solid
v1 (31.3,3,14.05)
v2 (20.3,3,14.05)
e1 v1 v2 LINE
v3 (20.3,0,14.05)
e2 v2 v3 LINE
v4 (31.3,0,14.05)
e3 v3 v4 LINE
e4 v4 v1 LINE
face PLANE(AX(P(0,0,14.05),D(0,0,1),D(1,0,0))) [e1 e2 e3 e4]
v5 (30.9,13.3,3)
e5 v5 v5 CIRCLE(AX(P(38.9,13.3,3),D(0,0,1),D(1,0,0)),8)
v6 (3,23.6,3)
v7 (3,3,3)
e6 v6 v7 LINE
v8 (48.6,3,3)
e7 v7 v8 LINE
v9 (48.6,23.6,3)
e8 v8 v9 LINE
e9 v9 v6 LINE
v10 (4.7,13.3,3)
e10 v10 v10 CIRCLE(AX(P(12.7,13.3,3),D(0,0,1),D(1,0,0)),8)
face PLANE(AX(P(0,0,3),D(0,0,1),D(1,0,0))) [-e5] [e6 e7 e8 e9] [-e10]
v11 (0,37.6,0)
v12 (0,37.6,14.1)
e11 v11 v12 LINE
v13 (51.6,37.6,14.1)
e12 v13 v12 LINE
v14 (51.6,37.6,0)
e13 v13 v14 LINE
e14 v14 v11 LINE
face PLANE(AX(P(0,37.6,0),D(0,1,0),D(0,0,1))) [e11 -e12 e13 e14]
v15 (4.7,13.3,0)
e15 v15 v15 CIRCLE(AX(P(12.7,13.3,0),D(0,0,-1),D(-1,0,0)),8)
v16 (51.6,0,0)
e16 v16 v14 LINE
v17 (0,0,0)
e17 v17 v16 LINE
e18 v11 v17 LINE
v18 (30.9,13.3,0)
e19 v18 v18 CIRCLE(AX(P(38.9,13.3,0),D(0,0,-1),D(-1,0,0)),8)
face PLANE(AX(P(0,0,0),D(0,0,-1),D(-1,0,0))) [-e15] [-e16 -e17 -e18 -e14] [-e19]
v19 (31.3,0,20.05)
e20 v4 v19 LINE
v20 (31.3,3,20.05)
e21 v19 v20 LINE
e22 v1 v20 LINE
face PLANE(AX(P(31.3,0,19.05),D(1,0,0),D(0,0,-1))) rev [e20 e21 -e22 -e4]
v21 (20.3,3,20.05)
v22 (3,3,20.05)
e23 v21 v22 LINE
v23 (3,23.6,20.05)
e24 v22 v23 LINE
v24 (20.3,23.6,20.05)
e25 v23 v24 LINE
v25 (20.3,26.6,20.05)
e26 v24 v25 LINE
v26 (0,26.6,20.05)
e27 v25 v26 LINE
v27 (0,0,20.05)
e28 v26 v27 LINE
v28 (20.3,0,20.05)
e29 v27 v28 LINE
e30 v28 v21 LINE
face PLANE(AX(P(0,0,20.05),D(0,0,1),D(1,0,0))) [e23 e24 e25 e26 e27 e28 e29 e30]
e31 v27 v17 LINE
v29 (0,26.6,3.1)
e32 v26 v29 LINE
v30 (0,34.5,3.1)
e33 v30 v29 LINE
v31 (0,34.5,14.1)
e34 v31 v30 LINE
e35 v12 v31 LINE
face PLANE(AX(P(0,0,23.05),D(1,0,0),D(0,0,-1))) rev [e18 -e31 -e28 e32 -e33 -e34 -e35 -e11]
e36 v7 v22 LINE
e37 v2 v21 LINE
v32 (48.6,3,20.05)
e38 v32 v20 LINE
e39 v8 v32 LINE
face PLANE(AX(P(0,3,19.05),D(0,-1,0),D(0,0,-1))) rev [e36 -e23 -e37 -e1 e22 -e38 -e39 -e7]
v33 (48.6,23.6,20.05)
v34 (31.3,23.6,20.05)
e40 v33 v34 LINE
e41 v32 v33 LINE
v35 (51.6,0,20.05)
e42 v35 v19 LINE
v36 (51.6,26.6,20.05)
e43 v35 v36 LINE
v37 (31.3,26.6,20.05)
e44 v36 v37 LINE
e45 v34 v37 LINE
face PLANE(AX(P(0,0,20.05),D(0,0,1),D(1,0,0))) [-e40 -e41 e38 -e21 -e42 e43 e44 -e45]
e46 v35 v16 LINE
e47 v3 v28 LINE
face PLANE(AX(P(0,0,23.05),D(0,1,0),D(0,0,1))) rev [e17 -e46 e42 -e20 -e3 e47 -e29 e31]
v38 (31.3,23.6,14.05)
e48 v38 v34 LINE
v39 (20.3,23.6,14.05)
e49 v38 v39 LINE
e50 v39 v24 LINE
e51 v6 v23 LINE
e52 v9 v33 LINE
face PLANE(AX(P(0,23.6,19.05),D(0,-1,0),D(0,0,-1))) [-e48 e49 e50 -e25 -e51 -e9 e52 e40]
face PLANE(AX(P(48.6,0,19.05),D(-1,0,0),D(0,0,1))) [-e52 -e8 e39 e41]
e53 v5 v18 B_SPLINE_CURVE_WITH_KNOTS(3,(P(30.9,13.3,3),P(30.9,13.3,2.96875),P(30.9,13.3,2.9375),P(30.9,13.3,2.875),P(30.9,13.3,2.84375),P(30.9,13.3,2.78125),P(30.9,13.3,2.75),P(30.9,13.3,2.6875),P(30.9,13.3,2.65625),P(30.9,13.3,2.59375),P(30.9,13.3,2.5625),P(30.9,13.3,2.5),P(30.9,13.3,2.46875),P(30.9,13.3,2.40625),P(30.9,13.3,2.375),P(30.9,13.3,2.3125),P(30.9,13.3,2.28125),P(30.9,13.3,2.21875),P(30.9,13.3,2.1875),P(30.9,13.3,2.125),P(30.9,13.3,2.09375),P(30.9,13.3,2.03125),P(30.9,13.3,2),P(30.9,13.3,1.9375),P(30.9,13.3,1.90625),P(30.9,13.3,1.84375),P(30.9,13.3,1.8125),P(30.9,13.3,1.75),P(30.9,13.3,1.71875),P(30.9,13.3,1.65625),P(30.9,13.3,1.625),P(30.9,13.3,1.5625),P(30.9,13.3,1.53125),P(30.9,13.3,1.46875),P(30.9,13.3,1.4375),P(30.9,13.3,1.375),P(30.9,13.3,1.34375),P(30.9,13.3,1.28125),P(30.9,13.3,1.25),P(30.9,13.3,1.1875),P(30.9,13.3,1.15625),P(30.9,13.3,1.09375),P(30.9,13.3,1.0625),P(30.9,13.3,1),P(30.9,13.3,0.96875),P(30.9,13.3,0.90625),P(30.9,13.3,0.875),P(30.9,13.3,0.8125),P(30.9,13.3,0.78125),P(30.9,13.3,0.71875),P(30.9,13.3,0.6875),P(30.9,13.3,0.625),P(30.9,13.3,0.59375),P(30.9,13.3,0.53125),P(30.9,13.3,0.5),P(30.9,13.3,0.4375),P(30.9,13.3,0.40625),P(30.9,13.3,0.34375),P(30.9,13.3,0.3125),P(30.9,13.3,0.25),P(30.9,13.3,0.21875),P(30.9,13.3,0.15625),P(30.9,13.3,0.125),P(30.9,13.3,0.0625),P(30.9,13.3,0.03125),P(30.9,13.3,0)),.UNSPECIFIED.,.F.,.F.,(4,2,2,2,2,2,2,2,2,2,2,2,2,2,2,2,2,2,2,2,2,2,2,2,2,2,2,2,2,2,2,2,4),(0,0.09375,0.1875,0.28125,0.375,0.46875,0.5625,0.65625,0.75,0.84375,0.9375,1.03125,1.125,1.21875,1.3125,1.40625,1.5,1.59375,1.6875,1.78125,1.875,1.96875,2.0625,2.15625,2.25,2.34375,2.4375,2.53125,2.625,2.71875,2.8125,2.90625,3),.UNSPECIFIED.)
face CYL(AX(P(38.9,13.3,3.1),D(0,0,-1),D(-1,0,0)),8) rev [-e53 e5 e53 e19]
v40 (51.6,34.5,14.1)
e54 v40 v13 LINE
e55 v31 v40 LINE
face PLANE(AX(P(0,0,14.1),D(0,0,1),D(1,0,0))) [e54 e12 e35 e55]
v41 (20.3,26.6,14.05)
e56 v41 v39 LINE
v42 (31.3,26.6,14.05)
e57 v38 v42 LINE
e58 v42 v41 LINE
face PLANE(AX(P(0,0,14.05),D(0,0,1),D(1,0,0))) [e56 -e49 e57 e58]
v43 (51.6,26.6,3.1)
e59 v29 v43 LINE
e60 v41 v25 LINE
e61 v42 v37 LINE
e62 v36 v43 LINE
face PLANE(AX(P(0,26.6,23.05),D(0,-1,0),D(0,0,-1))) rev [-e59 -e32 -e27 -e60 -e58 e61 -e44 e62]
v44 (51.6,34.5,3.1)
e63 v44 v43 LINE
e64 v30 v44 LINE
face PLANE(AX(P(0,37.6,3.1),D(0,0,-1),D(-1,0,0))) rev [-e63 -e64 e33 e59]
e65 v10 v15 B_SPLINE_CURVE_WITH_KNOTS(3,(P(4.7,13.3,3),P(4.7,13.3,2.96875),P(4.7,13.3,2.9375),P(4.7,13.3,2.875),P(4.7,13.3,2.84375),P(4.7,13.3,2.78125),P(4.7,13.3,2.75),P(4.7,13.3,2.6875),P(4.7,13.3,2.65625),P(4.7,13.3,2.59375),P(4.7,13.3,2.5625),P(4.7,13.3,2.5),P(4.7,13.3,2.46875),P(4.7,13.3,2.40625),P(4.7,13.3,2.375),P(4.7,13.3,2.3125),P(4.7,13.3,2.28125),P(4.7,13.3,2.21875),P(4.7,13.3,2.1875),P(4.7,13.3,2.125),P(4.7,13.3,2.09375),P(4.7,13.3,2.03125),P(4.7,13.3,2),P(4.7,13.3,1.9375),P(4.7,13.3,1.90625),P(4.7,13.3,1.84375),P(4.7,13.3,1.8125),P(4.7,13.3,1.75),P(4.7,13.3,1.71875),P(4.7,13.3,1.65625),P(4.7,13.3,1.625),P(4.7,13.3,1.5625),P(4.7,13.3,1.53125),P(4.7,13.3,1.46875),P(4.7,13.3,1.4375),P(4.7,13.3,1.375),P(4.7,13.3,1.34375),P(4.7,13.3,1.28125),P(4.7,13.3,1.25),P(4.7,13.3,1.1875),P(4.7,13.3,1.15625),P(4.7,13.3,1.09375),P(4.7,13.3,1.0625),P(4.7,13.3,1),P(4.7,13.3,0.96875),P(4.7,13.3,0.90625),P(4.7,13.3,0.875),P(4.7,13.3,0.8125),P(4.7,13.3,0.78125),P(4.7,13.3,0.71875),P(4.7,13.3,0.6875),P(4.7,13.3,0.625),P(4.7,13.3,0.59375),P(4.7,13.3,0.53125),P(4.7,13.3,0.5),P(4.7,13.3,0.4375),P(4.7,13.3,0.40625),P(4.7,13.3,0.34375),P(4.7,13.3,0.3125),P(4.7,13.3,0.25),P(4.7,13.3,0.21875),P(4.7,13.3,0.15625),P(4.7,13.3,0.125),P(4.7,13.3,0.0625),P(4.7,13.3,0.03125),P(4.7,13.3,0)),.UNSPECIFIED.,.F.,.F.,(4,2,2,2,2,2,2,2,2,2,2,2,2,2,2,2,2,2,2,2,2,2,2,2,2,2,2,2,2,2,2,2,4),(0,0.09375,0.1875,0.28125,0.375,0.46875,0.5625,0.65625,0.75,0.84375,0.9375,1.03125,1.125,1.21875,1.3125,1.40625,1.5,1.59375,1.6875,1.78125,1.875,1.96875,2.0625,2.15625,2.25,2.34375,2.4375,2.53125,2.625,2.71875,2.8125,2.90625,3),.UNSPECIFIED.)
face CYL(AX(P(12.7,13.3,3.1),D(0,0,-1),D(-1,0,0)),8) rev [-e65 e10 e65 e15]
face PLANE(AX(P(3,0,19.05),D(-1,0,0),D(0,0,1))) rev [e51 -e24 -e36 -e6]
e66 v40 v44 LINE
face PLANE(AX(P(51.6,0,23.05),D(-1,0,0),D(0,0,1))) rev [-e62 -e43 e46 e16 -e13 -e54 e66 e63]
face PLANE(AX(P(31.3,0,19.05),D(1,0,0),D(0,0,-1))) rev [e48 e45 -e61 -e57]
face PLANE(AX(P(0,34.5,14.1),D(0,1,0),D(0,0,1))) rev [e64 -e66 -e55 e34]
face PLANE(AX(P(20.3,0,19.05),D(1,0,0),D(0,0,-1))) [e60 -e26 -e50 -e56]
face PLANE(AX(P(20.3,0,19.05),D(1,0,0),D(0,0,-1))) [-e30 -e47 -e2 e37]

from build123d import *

# Parameters (mm, degrees)
SKETCH1_W           = 51.6
SKETCH1_H           = 26.6
BOSS_EXTRUDE1_DEPTH = 23.05
CUT_EXTRUDE1_DEPTH  = 4
SKETCH3_W           = 45.6
SKETCH3_H           = 20.6
CUT_EXTRUDE2_DEPTH  = 16.05
SKETCH4_R           = 8
CUT_EXTRUDE3_DEPTH  = 3.1
SKETCH6_W           = 51.6
SKETCH6_H           = 3.1
BOSS_EXTRUDE2_DEPTH = 11
SKETCH7_W           = 51.6
SKETCH7_H           = 3.1
BOSS_EXTRUDE3_DEPTH = 11
SKETCH8_W           = 11
SKETCH8_H           = 26.6
CUT_EXTRUDE4_DEPTH  = 5
SKETCH9_W           = 51.6
SKETCH9_H           = 26.6
CUT_EXTRUDE5_DEPTH  = 5
BOSS_EXTRUDE4_DEPTH = 2


with BuildPart() as part:
    # Sketch1 → Boss-Extrude1 (new body)
    with BuildSketch(Plane.XY):
        with Locations((25.8, 13.3)):
            Rectangle(SKETCH1_W, SKETCH1_H)
    extrude(amount=BOSS_EXTRUDE1_DEPTH)

    # Sketch2 → Cut-Extrude1 (cut)
    with BuildSketch(Plane.XY.offset(23.05)):
        Polygon((20.3, 3), (20.3, 0), (31.3, 0), (31.3, 3), (48.6, 3), (48.6, 23.6), (31.3, 23.6), (31.3, 26.6), (20.3, 26.6), (20.3, 23.6), (3, 23.6), (3, 3), align=None)
    extrude(amount=-CUT_EXTRUDE1_DEPTH, mode=Mode.SUBTRACT)

    # Sketch3 → Cut-Extrude2 (cut)
    with BuildSketch(Plane.XY.offset(19.05)):
        with Locations((25.8, 13.3)):
            Rectangle(SKETCH3_W, SKETCH3_H)
    extrude(amount=-CUT_EXTRUDE2_DEPTH, mode=Mode.SUBTRACT)

    # Sketch4 → Cut-Extrude3 (cut)
    with BuildSketch(Plane(origin=(0, 0, 0), x_dir=(-1, 0, 0), z_dir=(0, 0, -1))):
        with Locations((-12.7, 13.3)):
            Circle(SKETCH4_R)
        with Locations((-38.9, 13.3)):
            Circle(SKETCH4_R)
    extrude(amount=-CUT_EXTRUDE3_DEPTH, mode=Mode.SUBTRACT)

    # Sketch6 → Boss-Extrude2 (add)
    with BuildSketch(Plane(origin=(0, 26.6, 0), x_dir=(1, 0, 0), z_dir=(0, 1, 0))):
        with Locations((25.8, -1.55)):
            Rectangle(SKETCH6_W, SKETCH6_H)
    extrude(amount=BOSS_EXTRUDE2_DEPTH)

    # Sketch7 → Boss-Extrude3 (add)
    with BuildSketch(Plane.XY.offset(3.1)):
        with Locations((25.8, 36.05)):
            Rectangle(SKETCH7_W, SKETCH7_H)
    extrude(amount=BOSS_EXTRUDE3_DEPTH)

    # Sketch8 → Cut-Extrude4 (cut)
    with BuildSketch(Plane.XY.offset(19.05)):
        with Locations((25.8, 13.3)):
            Rectangle(SKETCH8_W, SKETCH8_H)
    extrude(amount=-CUT_EXTRUDE4_DEPTH, mode=Mode.SUBTRACT)

    # Sketch9 → Cut-Extrude5 (cut)
    with BuildSketch(Plane.XY.offset(23.05)):
        with Locations((25.8, 13.3)):
            Rectangle(SKETCH9_W, SKETCH9_H)
    extrude(amount=-CUT_EXTRUDE5_DEPTH, mode=Mode.SUBTRACT)

    # Sketch10 → Boss-Extrude4 (add)
    with BuildSketch(Plane.XY.offset(18.05)):
        Polygon((0, 0), (20.3, 0), (20.3, 3), (3, 3), (3, 23.6), (20.3, 23.6), (20.3, 26.6), (0, 26.6), align=None)
        Polygon((31.3, 0), (51.6, 0), (51.6, 26.6), (31.3, 26.6), (31.3, 23.6), (48.6, 23.6), (48.6, 3), (31.3, 3), align=None)
    extrude(amount=BOSS_EXTRUDE4_DEPTH)


solid = part.part
